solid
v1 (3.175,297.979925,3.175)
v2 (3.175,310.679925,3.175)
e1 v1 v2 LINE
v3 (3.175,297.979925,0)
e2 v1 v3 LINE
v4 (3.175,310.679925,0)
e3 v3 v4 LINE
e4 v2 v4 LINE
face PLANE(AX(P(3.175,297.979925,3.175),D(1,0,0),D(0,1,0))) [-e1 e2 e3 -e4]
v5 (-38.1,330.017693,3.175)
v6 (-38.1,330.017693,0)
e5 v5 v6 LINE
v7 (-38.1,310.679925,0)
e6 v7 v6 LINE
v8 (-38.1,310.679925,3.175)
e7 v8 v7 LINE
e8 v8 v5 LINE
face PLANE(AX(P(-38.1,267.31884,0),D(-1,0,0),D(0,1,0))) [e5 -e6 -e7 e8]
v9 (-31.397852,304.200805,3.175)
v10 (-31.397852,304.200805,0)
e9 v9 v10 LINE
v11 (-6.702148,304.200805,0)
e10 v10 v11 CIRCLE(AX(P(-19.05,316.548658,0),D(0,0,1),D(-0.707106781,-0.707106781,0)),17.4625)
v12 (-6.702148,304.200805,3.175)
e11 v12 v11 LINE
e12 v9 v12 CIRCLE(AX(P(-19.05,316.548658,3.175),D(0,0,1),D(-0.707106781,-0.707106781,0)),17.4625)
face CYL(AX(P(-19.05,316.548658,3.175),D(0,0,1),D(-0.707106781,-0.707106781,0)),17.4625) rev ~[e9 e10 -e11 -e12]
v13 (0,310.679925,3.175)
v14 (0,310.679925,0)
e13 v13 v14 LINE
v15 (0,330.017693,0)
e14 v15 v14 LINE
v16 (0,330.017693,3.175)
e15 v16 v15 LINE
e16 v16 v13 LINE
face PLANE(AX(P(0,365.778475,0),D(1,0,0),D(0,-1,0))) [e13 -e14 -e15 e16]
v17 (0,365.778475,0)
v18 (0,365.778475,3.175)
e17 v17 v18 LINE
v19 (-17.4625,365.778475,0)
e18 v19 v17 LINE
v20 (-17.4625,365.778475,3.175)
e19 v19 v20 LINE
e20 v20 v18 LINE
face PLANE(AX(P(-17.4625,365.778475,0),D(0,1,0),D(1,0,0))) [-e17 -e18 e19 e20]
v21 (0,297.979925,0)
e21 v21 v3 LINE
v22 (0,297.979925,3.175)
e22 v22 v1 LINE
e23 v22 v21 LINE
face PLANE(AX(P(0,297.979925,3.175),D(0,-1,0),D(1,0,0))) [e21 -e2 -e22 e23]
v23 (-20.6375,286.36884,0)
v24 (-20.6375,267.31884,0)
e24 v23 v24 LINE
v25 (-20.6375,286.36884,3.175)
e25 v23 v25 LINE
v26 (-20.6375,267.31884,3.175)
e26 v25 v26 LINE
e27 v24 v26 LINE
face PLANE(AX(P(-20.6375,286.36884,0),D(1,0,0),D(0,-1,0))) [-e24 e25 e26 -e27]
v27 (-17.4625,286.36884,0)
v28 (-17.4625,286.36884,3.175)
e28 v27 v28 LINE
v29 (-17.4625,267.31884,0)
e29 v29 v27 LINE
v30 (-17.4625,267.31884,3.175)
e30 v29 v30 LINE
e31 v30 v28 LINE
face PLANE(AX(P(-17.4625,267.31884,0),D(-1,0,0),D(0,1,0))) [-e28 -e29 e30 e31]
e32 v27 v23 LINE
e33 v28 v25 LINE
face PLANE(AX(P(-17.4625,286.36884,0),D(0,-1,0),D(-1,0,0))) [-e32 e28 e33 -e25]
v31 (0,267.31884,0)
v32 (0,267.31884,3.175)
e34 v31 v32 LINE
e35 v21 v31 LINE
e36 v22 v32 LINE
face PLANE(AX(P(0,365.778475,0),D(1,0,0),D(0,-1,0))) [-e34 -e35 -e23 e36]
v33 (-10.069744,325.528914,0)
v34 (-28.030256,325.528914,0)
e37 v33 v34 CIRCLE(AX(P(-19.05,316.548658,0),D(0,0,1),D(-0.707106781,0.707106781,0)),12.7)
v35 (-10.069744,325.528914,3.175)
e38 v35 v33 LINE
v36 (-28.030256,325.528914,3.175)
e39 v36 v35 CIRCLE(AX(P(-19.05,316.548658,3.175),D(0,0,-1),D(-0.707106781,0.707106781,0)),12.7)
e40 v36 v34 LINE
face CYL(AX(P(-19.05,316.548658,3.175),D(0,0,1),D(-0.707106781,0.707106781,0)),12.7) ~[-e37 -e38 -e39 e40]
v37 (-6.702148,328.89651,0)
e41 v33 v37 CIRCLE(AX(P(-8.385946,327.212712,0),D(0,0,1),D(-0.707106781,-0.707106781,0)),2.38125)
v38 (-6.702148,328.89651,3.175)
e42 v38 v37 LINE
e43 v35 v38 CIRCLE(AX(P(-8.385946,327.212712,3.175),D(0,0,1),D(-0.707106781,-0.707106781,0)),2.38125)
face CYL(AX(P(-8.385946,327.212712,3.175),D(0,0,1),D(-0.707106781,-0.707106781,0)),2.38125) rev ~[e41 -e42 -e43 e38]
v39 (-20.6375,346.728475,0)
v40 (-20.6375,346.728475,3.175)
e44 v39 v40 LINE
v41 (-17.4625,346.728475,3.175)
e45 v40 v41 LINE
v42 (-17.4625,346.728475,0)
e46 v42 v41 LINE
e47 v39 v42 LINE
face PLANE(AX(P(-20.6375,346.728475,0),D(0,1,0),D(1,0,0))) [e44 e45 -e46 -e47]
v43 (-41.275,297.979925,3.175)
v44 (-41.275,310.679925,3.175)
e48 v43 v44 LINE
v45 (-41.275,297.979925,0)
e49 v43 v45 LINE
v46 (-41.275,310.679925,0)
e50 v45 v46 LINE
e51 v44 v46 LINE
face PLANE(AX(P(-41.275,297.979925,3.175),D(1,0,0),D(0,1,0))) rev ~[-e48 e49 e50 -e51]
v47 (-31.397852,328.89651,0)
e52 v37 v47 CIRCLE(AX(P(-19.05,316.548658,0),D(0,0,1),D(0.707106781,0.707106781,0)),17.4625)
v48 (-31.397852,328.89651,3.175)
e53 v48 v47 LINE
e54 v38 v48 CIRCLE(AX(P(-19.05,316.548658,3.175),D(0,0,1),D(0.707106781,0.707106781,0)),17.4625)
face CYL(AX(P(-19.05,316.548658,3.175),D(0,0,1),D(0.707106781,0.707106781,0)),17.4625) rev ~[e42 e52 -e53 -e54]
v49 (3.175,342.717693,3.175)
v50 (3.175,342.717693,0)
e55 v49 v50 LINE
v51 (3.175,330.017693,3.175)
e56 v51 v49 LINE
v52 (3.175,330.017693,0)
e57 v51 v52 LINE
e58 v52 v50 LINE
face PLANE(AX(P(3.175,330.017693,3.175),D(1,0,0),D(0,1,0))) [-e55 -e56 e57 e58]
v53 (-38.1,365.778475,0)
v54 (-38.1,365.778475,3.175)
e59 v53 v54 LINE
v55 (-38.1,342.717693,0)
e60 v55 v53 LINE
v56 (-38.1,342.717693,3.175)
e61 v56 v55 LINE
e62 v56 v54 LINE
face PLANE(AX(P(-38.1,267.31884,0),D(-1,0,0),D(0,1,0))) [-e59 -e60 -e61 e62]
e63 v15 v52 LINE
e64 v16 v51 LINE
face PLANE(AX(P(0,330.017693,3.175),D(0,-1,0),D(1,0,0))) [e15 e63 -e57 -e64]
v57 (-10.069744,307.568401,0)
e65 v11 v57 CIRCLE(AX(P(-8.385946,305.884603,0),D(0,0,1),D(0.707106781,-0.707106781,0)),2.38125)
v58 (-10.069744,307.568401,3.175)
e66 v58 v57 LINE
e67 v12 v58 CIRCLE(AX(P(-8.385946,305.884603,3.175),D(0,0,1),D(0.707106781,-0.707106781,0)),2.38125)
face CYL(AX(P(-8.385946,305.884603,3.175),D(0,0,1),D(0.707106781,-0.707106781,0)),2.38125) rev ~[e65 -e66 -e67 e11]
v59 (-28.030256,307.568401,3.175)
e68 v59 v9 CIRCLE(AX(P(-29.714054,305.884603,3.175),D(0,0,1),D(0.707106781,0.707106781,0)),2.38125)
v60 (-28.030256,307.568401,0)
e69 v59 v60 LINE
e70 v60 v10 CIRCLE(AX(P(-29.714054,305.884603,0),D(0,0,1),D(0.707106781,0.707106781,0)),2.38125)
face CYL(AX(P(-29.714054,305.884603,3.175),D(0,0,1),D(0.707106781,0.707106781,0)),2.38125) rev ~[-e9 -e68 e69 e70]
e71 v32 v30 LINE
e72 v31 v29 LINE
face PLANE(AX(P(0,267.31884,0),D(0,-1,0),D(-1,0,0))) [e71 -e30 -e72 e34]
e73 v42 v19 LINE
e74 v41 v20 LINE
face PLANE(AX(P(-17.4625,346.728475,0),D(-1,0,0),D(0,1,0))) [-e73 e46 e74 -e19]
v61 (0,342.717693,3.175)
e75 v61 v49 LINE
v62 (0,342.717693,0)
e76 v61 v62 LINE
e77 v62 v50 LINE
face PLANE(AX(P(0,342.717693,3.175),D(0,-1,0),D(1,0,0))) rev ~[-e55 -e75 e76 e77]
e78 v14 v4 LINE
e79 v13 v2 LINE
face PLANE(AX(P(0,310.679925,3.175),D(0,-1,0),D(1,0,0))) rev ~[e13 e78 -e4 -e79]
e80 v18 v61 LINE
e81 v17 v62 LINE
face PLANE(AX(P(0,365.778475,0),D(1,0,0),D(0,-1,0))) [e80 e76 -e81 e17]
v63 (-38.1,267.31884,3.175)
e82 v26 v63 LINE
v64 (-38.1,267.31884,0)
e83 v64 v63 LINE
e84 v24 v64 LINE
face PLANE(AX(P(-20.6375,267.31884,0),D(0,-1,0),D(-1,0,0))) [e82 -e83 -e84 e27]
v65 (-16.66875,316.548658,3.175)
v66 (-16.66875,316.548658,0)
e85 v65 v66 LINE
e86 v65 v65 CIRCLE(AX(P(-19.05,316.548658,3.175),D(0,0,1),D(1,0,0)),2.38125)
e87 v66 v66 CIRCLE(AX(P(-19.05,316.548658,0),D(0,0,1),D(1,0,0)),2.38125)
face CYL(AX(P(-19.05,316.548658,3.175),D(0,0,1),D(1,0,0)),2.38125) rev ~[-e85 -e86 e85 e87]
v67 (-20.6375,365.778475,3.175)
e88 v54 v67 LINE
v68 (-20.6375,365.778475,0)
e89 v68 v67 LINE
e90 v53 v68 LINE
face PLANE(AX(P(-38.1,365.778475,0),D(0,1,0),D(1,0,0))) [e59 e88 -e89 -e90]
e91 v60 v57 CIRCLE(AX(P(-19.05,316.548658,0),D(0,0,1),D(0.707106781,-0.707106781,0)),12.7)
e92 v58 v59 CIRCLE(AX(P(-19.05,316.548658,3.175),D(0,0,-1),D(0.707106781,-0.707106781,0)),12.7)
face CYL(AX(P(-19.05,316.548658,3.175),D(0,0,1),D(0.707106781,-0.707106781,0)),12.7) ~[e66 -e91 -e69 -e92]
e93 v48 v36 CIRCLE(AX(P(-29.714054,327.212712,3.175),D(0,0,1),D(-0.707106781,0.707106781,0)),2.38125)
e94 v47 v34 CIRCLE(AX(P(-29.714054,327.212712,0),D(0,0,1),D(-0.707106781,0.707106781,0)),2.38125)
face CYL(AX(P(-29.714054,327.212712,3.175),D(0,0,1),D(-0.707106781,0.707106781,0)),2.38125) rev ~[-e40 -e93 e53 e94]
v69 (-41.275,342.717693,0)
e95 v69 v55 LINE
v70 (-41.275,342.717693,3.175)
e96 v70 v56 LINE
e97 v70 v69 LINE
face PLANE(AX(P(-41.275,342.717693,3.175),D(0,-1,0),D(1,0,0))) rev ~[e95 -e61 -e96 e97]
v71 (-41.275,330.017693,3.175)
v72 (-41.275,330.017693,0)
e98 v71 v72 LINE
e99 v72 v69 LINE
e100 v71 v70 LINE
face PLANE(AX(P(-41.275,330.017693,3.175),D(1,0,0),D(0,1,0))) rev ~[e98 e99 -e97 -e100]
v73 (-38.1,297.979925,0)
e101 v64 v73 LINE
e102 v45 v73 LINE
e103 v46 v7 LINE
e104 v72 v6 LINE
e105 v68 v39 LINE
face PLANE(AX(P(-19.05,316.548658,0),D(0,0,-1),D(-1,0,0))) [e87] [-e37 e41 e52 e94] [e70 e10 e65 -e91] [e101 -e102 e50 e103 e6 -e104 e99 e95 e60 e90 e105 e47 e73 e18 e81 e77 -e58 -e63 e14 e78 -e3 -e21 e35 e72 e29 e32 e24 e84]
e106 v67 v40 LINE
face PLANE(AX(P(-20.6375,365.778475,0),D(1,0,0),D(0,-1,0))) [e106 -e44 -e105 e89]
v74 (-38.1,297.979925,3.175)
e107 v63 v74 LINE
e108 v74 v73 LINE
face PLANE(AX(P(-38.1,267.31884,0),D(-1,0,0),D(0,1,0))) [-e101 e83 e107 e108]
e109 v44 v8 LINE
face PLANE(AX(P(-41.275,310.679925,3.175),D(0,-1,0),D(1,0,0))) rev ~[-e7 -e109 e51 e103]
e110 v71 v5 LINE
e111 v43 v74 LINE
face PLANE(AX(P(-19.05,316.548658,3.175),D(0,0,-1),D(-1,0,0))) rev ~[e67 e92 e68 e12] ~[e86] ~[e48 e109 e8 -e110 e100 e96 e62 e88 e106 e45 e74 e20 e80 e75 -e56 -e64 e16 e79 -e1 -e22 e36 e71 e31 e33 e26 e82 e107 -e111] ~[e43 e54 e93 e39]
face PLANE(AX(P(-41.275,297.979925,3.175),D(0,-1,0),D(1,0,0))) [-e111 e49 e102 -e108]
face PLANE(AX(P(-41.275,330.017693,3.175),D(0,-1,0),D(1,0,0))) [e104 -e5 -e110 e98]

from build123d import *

# Parameters (mm, degrees)
BOSS_EXTRUDE1_DEPTH = 3.175
SKETCH3_R           = 2.38125
CUT_EXTRUDE1_DEPTH  = 5.08
SKETCH5_W           = 3.175
SKETCH5_H           = 12.7
BOSS_EXTRUDE2_DEPTH = 3.175


with BuildPart() as part:
    # Sketch1 → Boss-Extrude1 (new body)
    with BuildSketch(Plane.XY):
        Polygon((-38.1, 365.778475051), (-20.6375, 365.778475051), (-20.6375, 346.728475051), (-17.4625, 346.728475051), (-17.4625, 365.778475051), (0, 365.778475051), (0, 267.318840011), (-17.4625, 267.318840011), (-17.4625, 286.368840011), (-20.6375, 286.368840011), (-20.6375, 267.318840011), (-38.1, 267.318840011), align=None)
    extrude(amount=BOSS_EXTRUDE1_DEPTH)

    # Sketch3 → Cut-Extrude1 (cut)
    with BuildSketch(Plane.XY.offset(3.175)):
        with Locations((-19.05, 316.548657531)):
            Circle(SKETCH3_R)
        with BuildLine():
            ThreePointArc((-31.397852166, 304.200805365), (-19.05, 299.086157531), (-6.702147834, 304.200805365))
            ThreePointArc((-6.702147834, 304.200805365), (-6.702147834, 307.56840141), (-10.069743879, 307.56840141))
            ThreePointArc((-10.069743879, 307.56840141), (-19.05, 303.848657531), (-28.030256121, 307.56840141))
            ThreePointArc((-28.030256121, 307.56840141), (-31.397852166, 307.56840141), (-31.397852166, 304.200805365))
        make_face()
        with BuildLine():
            ThreePointArc((-6.702147834, 328.896509698), (-19.05, 334.011157531), (-31.397852166, 328.896509698))
            ThreePointArc((-31.397852166, 328.896509698), (-31.397852166, 325.528913652), (-28.030256121, 325.528913652))
            ThreePointArc((-28.030256121, 325.528913652), (-19.05, 329.248657531), (-10.069743879, 325.528913652))
            ThreePointArc((-10.069743879, 325.528913652), (-6.702147834, 325.528913652), (-6.702147834, 328.896509698))
        make_face()
    extrude(amount=-CUT_EXTRUDE1_DEPTH, mode=Mode.SUBTRACT)

    # Sketch5 → Boss-Extrude2 (add)
    with BuildSketch(Plane.XY.offset(3.175)):
        with Locations((1.5875, 336.36769286)):
            Rectangle(SKETCH5_W, SKETCH5_H)
        with Locations((1.5875, 304.329924583)):
            Rectangle(SKETCH5_W, SKETCH5_H)
        with Locations((-39.6875, 304.329924583)):
            Rectangle(SKETCH5_W, SKETCH5_H)
        with Locations((-39.6875, 336.36769286)):
            Rectangle(SKETCH5_W, SKETCH5_H)
    extrude(amount=-BOSS_EXTRUDE2_DEPTH)


solid = part.part
